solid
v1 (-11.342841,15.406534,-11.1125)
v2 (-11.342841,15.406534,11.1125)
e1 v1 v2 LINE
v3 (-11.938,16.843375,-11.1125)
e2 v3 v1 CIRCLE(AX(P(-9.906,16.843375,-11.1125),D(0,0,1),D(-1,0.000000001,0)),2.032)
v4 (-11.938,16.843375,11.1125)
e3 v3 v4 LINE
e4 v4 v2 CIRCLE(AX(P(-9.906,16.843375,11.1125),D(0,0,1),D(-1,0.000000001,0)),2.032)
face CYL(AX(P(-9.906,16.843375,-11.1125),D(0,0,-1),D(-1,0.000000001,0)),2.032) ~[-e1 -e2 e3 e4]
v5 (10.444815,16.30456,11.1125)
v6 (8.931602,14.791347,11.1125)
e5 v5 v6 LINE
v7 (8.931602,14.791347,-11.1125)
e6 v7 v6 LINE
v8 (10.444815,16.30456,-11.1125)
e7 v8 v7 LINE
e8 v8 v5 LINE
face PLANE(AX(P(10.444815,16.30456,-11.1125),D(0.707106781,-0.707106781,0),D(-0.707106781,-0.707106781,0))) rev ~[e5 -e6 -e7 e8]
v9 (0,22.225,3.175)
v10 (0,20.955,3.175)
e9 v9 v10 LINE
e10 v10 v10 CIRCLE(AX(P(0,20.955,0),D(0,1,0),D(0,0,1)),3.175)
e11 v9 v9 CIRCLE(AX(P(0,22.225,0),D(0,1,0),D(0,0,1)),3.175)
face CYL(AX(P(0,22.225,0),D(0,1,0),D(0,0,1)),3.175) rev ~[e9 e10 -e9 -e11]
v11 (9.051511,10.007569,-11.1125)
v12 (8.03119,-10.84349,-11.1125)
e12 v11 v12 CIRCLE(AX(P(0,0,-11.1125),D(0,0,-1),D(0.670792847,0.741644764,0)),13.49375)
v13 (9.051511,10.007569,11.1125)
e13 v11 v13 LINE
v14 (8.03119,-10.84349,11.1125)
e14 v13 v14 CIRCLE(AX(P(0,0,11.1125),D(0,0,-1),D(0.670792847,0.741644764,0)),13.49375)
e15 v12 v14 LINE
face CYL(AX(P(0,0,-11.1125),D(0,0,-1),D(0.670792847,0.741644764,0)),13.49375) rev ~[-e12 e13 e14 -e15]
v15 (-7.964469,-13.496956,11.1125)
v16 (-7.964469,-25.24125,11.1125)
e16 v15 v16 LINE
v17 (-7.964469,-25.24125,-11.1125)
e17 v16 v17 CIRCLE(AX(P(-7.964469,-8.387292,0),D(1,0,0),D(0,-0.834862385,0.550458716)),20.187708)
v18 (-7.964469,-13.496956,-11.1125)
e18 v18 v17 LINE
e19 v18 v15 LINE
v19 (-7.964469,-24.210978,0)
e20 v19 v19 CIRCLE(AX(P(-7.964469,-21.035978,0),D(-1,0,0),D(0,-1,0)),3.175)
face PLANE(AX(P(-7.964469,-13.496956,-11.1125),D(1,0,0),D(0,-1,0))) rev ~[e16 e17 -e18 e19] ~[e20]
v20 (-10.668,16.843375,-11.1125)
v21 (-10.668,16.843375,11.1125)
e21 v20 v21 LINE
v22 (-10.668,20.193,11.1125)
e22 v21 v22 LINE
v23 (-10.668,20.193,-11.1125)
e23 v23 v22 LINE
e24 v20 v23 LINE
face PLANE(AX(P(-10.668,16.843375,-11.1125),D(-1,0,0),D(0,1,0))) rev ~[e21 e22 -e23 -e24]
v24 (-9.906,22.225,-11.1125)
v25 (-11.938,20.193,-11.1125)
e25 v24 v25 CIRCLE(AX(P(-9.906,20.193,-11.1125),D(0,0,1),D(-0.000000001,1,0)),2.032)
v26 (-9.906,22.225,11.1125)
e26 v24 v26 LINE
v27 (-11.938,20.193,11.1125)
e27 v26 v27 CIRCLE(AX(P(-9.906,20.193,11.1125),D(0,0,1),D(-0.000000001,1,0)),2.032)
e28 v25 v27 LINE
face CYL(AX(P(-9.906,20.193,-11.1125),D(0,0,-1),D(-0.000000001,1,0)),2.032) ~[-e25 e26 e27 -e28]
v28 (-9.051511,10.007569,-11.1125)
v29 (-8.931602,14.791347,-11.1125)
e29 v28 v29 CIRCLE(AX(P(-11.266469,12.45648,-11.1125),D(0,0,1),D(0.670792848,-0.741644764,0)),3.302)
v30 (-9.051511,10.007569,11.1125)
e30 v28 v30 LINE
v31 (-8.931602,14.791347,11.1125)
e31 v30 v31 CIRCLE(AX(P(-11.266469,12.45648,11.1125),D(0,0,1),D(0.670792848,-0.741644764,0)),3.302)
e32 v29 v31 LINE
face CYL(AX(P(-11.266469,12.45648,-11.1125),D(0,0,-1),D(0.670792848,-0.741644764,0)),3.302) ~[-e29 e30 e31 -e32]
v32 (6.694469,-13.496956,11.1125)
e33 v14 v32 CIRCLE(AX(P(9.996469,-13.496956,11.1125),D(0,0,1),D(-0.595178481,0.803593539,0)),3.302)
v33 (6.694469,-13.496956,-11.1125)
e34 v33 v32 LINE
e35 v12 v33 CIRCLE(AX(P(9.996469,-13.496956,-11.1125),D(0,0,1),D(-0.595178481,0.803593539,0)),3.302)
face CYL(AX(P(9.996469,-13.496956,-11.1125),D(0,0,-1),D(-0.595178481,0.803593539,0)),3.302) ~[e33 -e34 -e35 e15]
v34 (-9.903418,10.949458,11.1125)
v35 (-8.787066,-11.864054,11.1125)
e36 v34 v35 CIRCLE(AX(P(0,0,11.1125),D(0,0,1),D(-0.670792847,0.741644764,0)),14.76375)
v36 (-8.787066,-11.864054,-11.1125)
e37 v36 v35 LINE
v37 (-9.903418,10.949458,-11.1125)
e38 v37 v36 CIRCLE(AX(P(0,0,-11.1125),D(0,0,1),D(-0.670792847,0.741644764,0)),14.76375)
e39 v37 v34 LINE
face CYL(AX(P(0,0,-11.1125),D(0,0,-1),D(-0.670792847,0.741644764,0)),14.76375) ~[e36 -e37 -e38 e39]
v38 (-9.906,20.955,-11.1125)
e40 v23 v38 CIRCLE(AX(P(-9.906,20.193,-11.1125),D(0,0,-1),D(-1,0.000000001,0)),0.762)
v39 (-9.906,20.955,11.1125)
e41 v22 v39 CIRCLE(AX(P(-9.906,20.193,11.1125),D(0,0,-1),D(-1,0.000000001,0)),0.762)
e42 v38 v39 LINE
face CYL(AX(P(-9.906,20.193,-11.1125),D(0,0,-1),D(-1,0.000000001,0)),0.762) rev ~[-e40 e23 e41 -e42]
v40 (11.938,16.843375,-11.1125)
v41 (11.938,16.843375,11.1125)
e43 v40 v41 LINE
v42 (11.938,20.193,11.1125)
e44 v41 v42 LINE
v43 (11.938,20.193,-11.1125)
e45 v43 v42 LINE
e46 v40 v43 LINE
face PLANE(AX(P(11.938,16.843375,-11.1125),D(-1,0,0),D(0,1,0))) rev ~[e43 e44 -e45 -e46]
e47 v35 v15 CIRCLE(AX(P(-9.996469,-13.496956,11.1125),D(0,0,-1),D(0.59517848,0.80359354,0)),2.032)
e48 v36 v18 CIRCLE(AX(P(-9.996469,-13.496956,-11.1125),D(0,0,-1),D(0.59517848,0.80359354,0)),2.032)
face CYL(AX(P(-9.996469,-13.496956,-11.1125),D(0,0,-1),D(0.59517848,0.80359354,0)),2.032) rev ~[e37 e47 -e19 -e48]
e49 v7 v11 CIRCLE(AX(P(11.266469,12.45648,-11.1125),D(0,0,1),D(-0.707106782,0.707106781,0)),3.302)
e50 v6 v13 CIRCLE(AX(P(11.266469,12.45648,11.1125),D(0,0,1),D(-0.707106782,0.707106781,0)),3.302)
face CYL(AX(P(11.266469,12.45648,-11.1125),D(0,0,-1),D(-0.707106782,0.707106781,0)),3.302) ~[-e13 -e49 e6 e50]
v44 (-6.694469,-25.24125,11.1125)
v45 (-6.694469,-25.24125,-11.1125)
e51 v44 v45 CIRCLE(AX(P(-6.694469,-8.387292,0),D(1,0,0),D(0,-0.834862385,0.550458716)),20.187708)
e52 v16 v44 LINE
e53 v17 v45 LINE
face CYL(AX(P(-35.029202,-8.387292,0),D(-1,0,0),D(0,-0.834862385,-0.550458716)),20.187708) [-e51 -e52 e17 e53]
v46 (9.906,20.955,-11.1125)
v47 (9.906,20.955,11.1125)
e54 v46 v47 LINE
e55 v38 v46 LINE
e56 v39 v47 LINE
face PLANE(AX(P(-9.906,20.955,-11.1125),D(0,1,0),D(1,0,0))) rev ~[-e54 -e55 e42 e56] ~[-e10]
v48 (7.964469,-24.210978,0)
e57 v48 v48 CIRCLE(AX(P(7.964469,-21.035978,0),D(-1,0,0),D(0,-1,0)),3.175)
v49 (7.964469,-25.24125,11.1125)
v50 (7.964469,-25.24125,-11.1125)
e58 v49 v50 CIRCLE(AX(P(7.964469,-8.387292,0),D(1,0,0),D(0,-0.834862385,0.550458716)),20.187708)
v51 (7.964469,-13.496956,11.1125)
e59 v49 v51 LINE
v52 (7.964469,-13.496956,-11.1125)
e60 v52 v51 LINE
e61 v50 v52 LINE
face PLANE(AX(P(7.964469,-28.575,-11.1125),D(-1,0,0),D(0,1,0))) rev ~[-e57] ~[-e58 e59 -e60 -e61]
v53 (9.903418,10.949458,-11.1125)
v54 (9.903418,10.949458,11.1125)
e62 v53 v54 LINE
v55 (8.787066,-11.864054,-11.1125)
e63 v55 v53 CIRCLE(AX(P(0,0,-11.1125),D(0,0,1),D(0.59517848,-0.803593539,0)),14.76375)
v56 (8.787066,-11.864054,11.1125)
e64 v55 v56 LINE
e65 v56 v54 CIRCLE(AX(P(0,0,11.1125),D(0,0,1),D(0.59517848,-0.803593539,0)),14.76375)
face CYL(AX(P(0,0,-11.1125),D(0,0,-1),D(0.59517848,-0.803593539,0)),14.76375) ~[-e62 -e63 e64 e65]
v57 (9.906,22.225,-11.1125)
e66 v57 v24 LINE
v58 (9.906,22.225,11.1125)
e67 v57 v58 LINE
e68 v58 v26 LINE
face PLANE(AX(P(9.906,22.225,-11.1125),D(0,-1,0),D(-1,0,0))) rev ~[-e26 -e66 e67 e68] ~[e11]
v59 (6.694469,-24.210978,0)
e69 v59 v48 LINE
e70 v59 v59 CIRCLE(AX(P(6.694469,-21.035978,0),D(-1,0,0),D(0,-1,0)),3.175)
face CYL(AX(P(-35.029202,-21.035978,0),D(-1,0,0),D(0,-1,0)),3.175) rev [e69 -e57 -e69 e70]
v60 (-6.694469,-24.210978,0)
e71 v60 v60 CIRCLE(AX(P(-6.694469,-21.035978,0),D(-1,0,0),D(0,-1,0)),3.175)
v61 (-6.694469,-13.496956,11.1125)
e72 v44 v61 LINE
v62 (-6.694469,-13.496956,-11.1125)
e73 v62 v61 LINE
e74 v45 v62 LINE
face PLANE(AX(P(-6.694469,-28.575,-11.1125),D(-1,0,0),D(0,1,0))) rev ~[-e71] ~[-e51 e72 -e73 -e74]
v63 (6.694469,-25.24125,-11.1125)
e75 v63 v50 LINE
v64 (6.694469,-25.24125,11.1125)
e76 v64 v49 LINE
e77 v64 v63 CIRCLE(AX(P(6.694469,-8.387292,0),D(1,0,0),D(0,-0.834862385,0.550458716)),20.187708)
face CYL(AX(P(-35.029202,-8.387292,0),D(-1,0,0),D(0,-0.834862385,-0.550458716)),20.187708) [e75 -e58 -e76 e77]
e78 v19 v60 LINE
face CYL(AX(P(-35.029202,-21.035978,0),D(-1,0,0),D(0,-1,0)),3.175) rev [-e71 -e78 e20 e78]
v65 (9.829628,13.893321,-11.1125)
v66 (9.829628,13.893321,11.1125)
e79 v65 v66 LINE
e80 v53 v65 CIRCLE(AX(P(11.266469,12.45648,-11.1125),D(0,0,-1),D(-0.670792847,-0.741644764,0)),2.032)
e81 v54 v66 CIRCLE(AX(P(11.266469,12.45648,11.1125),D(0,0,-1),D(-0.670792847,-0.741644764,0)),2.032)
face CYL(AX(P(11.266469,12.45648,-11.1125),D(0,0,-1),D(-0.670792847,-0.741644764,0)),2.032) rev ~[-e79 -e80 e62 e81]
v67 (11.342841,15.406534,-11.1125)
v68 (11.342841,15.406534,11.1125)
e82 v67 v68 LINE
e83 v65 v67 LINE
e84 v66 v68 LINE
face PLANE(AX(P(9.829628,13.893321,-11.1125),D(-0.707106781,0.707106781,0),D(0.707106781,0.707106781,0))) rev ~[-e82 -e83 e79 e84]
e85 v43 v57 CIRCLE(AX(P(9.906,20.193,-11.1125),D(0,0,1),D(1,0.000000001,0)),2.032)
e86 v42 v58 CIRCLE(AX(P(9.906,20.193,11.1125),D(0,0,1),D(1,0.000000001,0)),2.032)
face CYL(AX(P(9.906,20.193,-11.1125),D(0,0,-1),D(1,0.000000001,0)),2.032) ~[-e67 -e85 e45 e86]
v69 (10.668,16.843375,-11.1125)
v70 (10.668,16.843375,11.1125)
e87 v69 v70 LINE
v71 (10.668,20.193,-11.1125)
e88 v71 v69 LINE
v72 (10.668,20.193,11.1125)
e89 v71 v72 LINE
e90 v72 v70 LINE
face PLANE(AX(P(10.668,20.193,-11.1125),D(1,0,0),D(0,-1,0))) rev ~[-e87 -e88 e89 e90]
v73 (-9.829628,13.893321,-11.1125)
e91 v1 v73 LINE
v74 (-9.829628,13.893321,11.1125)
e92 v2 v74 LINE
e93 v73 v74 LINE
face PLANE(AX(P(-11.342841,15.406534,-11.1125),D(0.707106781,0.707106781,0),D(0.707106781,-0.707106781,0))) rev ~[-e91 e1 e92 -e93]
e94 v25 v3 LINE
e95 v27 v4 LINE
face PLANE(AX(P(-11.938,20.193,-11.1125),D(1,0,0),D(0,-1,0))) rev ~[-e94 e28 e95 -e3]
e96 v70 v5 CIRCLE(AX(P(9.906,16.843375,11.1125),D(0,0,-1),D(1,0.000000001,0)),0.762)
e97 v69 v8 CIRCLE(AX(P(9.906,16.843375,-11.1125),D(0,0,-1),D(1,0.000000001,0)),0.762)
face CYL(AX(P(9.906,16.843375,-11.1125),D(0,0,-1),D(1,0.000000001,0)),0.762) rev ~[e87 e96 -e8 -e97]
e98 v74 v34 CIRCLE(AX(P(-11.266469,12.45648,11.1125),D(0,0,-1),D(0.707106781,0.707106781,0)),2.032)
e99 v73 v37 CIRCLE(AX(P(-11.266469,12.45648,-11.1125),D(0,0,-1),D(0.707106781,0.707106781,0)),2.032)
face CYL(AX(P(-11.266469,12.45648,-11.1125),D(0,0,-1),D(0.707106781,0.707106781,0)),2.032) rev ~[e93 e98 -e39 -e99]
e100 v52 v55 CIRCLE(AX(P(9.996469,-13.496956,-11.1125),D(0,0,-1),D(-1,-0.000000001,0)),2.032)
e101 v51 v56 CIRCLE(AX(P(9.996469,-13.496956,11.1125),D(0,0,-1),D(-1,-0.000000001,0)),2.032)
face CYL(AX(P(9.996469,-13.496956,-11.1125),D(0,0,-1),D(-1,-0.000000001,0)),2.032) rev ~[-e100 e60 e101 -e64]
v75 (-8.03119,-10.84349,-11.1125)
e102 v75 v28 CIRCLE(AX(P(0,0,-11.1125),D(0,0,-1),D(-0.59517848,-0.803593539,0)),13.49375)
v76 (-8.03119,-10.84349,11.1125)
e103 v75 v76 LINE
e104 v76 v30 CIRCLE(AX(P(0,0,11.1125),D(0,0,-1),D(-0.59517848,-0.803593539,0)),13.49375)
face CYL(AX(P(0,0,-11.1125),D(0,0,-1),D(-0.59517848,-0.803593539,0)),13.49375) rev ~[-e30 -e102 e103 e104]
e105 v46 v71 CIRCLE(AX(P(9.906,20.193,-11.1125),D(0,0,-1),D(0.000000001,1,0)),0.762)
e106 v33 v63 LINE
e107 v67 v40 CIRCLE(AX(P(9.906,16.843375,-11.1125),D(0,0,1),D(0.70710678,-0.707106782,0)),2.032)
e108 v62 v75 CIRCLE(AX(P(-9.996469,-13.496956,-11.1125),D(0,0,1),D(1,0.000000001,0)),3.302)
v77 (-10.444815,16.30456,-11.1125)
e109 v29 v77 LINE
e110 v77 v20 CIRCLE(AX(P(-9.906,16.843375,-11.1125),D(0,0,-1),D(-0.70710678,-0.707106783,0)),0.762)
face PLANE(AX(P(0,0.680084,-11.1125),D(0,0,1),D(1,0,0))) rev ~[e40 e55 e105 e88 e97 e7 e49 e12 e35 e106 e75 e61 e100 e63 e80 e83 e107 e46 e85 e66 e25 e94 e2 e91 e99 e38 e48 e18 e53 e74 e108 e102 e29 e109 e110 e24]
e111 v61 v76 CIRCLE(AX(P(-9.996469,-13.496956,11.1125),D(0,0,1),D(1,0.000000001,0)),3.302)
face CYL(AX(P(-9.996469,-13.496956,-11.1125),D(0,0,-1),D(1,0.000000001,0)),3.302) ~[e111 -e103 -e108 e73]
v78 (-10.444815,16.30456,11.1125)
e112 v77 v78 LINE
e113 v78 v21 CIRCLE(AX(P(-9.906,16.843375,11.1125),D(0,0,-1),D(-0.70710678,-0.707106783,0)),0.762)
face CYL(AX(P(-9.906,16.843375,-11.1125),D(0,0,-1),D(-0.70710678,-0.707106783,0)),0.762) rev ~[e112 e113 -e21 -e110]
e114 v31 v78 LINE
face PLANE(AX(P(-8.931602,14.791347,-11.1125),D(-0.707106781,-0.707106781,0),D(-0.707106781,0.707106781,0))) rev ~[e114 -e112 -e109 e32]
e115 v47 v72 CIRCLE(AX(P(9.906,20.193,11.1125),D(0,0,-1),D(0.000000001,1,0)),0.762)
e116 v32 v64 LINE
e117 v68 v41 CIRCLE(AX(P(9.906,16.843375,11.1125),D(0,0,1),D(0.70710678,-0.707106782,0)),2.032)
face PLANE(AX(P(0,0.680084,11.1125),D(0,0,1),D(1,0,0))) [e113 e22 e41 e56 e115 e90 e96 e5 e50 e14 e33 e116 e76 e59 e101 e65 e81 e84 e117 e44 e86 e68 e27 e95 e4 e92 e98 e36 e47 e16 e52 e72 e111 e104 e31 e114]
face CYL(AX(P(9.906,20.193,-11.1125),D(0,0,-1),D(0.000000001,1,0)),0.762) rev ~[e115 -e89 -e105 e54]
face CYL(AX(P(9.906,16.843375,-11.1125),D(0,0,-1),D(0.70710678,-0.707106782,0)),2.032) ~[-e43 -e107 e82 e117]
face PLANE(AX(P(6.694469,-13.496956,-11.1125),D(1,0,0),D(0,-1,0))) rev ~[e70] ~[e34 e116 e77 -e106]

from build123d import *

# Parameters (mm, degrees)
BOSS_EXTRUDE1_DEPTH      = 11.1125
BOSS_EXTRUDE1_DEPTH_BACK = 11.1125
SKETCH4_R                = 3.175
CUT_EXTRUDE1_DEPTH       = 22.225
CUT_EXTRUDE2_DEPTH       = 35.029202096
CUT_EXTRUDE2_DEPTH_BACK  = 35.029202096
CUT_EXTRUDE3_DEPTH       = 35.029202096
CUT_EXTRUDE3_DEPTH_BACK  = 35.029202096
SKETCH6_R                = 3.175


with BuildPart() as part:
    # Sketch3 → Boss-Extrude1 (new, two sides: drawn at the far end of the back side and taken through both)
    with BuildSketch(Plane.XY.offset(-BOSS_EXTRUDE1_DEPTH_BACK)):
        with BuildLine():
            Line((-10.668, 16.843375), (-10.668, 20.193))
            ThreePointArc((-10.668, 20.193), (-10.444815367, 20.731815367), (-9.906, 20.955))
            Line((-9.906, 20.955), (9.906, 20.955))
            ThreePointArc((9.906, 20.955), (10.444815367, 20.731815367), (10.668, 20.193))
            Line((10.668, 20.193), (10.668, 16.843375))
            ThreePointArc((10.668, 16.843375), (10.609996204, 16.551770225), (10.444815367, 16.304559633))
            Line((10.444815367, 16.304559633), (8.931602372, 14.791346638))
            ThreePointArc((8.931602372, 14.791346638), (7.965505779, 12.373739179), (9.051510982, 10.007569035))
            ThreePointArc((9.051510982, 10.007569035), (13.477623457, -0.659511197), (8.031189621, -10.84349032))
            ThreePointArc((8.031189621, -10.84349032), (7.047523696, -12.011383636), (6.694468964, -13.496956187))
            Line((6.694468964, -13.496956187), (6.694468964, -28.575))
            Line((6.694468964, -28.575), (7.964468964, -28.575))
            Line((7.964468964, -28.575), (7.964468964, -13.496956187))
            ThreePointArc((7.964468964, -13.496956187), (8.181733414, -12.582757694), (8.787066292, -11.864054115))
            ThreePointArc((8.787066292, -11.864054115), (14.746105665, -0.721582839), (9.903417898, 10.949457886))
            ThreePointArc((9.903417898, 10.949457886), (9.235107004, 12.40556259), (9.829627985, 13.893321026))
            Line((9.829627985, 13.893321026), (11.342840979, 15.406534021))
            ThreePointArc((11.342840979, 15.406534021), (11.78332321, 16.065762265), (11.938, 16.843375))
            Line((11.938, 16.843375), (11.938, 20.193))
            ThreePointArc((11.938, 20.193), (11.342840979, 21.629840979), (9.906, 22.225))
            Line((9.906, 22.225), (-9.906, 22.225))
            ThreePointArc((-9.906, 22.225), (-11.342840979, 21.629840979), (-11.938, 20.193))
            Line((-11.938, 20.193), (-11.938, 16.843375))
            ThreePointArc((-11.938, 16.843375), (-11.78332321, 16.065762265), (-11.342840979, 15.406534021))
            Line((-11.342840979, 15.406534021), (-9.829627985, 13.893321026))
            ThreePointArc((-9.829627985, 13.893321026), (-9.235107004, 12.40556259), (-9.903417898, 10.949457886))
            ThreePointArc((-9.903417898, 10.949457886), (-14.746105665, -0.721582839), (-8.787066292, -11.864054115))
            ThreePointArc((-8.787066292, -11.864054115), (-8.181733414, -12.582757694), (-7.964468964, -13.496956187))
            Line((-7.964468964, -13.496956187), (-7.964468964, -28.575))
            Line((-7.964468964, -28.575), (-6.694468964, -28.575))
            Line((-6.694468964, -28.575), (-6.694468964, -13.496956187))
            ThreePointArc((-6.694468964, -13.496956187), (-7.047523696, -12.011383636), (-8.031189621, -10.84349032))
            ThreePointArc((-8.031189621, -10.84349032), (-13.477623457, -0.659511197), (-9.051510982, 10.007569035))
            ThreePointArc((-9.051510982, 10.007569035), (-7.965505779, 12.373739179), (-8.931602372, 14.791346638))
            Line((-8.931602372, 14.791346638), (-10.444815367, 16.304559633))
            ThreePointArc((-10.444815367, 16.304559633), (-10.609996204, 16.551770225), (-10.668, 16.843375))
        make_face()
    extrude(amount=BOSS_EXTRUDE1_DEPTH + BOSS_EXTRUDE1_DEPTH_BACK)

    # Sketch4 → Cut-Extrude1 (cut)
    with BuildSketch(Plane(origin=(0, 22.225, 0), x_dir=(1, 0, 0), z_dir=(0, 1, 0))):
        with Locations(Location((0, 0, 0), (0, 0, 270))):
            Circle(SKETCH4_R)
    extrude(amount=-CUT_EXTRUDE1_DEPTH, mode=Mode.SUBTRACT)

    # Sketch5 → Cut-Extrude2 (cut, two sides: drawn at the far end of the back side and taken through both)
    with BuildSketch(Plane(origin=(0, 0, 0), x_dir=(0, 0, -1), z_dir=(1, 0, 0)).offset(-CUT_EXTRUDE2_DEPTH_BACK)):
        with BuildLine():
            Line((-11.1125, -25.24125), (-11.1125, -31.90875))
            Line((-11.1125, -31.90875), (11.1125, -31.90875))
            Line((11.1125, -31.90875), (11.1125, -25.24125))
            ThreePointArc((11.1125, -25.24125), (0, -28.575), (-11.1125, -25.24125))
        make_face()
    extrude(amount=CUT_EXTRUDE2_DEPTH + CUT_EXTRUDE2_DEPTH_BACK, mode=Mode.SUBTRACT)

    # Sketch6 → Cut-Extrude3 (cut, two sides: drawn at the far end of the back side and taken through both)
    with BuildSketch(Plane(origin=(0, 0, 0), x_dir=(0, 0, -1), z_dir=(1, 0, 0)).offset(-CUT_EXTRUDE3_DEPTH_BACK)):
        with Locations(Location((0, -21.035978094, 0), (0, 0, 270))):
            Circle(SKETCH6_R)
    extrude(amount=CUT_EXTRUDE3_DEPTH + CUT_EXTRUDE3_DEPTH_BACK, mode=Mode.SUBTRACT)


solid = part.part
